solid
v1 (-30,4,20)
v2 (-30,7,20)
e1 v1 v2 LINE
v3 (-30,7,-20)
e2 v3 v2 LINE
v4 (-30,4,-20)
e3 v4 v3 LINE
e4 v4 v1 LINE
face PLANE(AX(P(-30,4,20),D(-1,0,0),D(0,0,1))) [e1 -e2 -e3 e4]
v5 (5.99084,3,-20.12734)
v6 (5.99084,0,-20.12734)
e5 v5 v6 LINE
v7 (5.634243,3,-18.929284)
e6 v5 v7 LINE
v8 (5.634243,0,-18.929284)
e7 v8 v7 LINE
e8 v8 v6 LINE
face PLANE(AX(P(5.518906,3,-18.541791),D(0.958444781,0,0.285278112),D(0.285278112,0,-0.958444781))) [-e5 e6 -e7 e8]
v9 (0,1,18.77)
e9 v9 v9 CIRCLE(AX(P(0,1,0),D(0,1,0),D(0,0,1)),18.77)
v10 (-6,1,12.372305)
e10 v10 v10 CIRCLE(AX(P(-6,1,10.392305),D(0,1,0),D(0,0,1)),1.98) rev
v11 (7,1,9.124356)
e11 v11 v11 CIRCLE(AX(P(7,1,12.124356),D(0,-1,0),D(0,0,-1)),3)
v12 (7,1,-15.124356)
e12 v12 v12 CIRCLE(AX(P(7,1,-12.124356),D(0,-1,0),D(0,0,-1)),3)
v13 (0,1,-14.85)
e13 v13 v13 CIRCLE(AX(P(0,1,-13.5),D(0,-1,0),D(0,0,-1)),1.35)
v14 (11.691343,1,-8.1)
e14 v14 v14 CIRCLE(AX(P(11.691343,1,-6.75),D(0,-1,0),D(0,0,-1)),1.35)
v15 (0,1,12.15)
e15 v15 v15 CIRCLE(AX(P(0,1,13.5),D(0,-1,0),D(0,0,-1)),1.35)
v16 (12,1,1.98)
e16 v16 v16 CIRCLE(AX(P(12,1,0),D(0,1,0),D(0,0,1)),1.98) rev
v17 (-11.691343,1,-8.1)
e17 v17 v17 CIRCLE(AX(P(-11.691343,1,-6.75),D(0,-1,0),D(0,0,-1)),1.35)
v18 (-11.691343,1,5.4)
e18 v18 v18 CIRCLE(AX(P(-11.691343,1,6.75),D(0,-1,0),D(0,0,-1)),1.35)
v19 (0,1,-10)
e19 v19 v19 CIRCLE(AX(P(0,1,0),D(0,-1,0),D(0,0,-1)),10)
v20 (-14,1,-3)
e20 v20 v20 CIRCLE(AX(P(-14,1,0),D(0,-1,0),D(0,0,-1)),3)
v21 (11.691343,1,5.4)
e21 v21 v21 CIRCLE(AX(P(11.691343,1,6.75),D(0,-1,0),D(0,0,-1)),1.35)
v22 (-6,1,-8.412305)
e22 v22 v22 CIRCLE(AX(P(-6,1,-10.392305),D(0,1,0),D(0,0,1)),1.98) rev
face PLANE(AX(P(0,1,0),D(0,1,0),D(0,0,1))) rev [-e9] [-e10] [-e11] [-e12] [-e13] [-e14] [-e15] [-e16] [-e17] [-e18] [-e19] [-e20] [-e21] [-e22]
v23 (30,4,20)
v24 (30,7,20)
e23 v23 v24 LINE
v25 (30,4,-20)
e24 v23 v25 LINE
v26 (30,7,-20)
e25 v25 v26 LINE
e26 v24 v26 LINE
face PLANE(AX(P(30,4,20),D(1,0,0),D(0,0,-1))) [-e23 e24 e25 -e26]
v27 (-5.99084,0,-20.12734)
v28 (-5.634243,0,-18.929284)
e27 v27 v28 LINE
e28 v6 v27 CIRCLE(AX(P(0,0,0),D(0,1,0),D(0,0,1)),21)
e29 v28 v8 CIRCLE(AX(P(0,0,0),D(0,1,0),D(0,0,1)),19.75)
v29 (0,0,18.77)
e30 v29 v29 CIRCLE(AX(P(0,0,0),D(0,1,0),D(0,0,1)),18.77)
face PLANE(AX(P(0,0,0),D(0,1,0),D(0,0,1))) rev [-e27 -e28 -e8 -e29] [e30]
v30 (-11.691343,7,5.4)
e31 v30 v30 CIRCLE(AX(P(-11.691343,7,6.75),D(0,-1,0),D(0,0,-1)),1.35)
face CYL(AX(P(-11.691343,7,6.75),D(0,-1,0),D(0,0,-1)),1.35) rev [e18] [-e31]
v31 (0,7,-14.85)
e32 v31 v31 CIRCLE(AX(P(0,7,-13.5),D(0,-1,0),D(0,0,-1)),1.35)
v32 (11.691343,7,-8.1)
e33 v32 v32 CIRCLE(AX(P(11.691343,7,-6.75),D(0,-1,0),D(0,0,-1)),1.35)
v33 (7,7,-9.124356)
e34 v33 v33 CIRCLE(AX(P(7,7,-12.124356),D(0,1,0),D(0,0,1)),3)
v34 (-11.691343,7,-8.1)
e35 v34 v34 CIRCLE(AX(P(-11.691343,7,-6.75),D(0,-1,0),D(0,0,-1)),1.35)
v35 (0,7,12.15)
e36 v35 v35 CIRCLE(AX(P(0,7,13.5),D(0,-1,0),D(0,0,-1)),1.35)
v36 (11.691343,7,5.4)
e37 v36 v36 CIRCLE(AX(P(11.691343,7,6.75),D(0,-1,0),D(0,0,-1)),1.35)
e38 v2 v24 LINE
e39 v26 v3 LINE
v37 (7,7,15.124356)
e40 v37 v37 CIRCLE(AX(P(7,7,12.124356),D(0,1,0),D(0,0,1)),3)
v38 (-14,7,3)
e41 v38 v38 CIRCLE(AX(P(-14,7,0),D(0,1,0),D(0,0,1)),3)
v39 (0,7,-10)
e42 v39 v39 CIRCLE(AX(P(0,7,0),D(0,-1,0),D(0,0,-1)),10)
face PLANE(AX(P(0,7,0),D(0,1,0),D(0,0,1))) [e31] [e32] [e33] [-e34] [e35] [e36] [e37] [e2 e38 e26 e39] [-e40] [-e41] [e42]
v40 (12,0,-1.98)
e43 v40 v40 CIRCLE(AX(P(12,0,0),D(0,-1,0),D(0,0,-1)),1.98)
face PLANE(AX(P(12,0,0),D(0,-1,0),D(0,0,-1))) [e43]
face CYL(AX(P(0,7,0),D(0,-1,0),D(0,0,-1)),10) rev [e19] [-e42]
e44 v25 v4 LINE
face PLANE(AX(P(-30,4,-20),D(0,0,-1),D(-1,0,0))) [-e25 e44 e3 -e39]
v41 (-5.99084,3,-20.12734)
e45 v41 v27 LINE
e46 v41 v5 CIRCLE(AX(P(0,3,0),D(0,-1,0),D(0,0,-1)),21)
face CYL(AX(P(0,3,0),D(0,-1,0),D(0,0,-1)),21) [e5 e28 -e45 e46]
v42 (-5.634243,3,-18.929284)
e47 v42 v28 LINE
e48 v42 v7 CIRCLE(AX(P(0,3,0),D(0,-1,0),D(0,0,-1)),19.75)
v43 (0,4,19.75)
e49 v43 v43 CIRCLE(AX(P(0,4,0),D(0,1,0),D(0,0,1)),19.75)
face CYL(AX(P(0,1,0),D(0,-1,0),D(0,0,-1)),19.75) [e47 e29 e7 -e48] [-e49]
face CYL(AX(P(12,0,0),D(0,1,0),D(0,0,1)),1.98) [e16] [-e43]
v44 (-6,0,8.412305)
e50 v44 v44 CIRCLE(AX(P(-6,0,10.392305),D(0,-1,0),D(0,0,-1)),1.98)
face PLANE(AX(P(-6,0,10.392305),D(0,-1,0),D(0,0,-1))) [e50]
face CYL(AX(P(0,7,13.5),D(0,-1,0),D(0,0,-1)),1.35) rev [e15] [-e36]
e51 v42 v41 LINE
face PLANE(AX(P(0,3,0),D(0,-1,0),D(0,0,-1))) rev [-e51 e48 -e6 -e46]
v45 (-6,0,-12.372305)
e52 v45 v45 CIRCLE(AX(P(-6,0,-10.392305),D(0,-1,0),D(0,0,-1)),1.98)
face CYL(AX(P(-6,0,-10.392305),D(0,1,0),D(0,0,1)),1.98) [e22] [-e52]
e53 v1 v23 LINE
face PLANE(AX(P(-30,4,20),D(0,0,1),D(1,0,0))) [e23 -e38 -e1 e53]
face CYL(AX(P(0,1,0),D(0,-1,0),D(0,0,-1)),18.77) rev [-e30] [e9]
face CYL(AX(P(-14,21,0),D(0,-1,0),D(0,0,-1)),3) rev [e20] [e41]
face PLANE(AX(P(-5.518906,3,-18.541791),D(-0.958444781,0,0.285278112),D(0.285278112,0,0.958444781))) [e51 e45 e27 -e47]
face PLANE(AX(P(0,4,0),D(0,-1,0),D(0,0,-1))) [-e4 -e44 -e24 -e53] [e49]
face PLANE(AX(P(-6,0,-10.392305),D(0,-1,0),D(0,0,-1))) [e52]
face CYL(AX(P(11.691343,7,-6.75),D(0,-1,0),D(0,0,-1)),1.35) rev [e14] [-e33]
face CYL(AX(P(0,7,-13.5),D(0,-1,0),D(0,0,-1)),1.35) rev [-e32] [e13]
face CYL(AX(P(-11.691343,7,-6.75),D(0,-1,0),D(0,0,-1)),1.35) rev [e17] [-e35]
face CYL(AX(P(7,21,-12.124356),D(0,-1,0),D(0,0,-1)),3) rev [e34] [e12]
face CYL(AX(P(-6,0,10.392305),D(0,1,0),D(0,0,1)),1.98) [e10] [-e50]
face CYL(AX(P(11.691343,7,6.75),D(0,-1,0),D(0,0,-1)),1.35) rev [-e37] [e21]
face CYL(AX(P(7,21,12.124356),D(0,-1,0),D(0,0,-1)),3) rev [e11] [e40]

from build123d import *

# Parameters (mm, degrees)
SKETCH_1_R           = 19.75
SKETCH_1_R_2         = 18.77
EXTRUDE_1_DEPTH      = 1
SKETCH_2_R           = 19.75
EXTRUDE_2_DEPTH      = 6
SKETCH_5_R           = 1.35
SKETCH_5_R_2         = 10
CUT_EXTRUDE_2_DEPTH  = 29.567901568
SKETCH_6_R           = 1.98
EXTRUDE_4_DEPTH      = 1
EXTRUDE_START        = -3
SKETCH_11_W          = 60
SKETCH_11_H          = 40
SKETCH_11_R          = 19.75
EXTRUDE_6_DEPTH      = 3
SKETCH_7_R           = 3
CUT_EXTRUDE_7_DEPTH  = 20
EXTRUDE_7_DEPTH      = 1
EXTRUDE_7_DEPTH_BACK = 2


with BuildPart() as part:
    # 草图1 → 凸台-拉伸1 (new body)
    with BuildSketch(Plane(origin=(0, 0, 0), x_dir=(1, 0, 0), z_dir=(0, 1, 0))):
        with Locations(Location((0, 0, 0), (0, 0, 270))):
            Circle(SKETCH_1_R)
        with Locations(Location((0, 0, 0), (0, 0, 270))):
            Circle(SKETCH_1_R_2, mode=Mode.SUBTRACT)
    extrude(amount=EXTRUDE_1_DEPTH)

    # 草图2 → 凸台-拉伸2 (add)
    with BuildSketch(Plane(origin=(0, 1, 0), x_dir=(1, 0, 0), z_dir=(0, 1, 0))):
        with Locations(Location((0, 0, 0), (0, 0, 270))):
            Circle(SKETCH_2_R)
    extrude(amount=EXTRUDE_2_DEPTH)

    # 草图5 → 切除-拉伸2 (cut, through all)
    with BuildSketch(Plane.XZ.offset(-1)):
        with Locations(Location((0, 13.5, 0), (0, 0, 270))):
            Circle(SKETCH_5_R)
        with Locations(Location((11.691342951, 6.75, 0), (0, 0, 270))):
            Circle(SKETCH_5_R)
        with Locations(Location((11.691342951, -6.75, 0), (0, 0, 270))):
            Circle(SKETCH_5_R)
        with Locations(Location((0, -13.5, 0), (0, 0, 270))):
            Circle(SKETCH_5_R)
        with Locations(Location((-11.691342951, -6.75, 0), (0, 0, 270))):
            Circle(SKETCH_5_R)
        with Locations(Location((-11.691342951, 6.75, 0), (0, 0, 270))):
            Circle(SKETCH_5_R)
        with Locations(Location((0, 0, 0), (0, 0, 270))):
            Circle(SKETCH_5_R_2)
    extrude(amount=-CUT_EXTRUDE_2_DEPTH, mode=Mode.SUBTRACT)

    # 草图6 → 凸台-拉伸4 (add)
    with BuildSketch(Plane.XZ.offset(-1)):
        with Locations(Location((12, 0, 0), (0, 0, 90))):
            Circle(SKETCH_6_R)
        with Locations(Location((-6, -10.392304845, 0), (0, 0, 90))):
            Circle(SKETCH_6_R)
        with Locations(Location((-6, 10.392304845, 0), (0, 0, 90))):
            Circle(SKETCH_6_R)
    extrude(amount=EXTRUDE_4_DEPTH)

    # 草图11 → 凸台-拉伸6 (add)
    with BuildSketch(Plane(origin=(0, 7, 0), x_dir=(1, 0, 0), z_dir=(0, 1, 0)).offset(EXTRUDE_START)):
        Rectangle(SKETCH_11_W, SKETCH_11_H)
        with Locations(Location((0, 0, 0), (0, 0, 270))):
            Circle(SKETCH_11_R, mode=Mode.SUBTRACT)
    extrude(amount=EXTRUDE_6_DEPTH)

    # 草图7 → 切除-拉伸7 (cut)
    with BuildSketch(Plane.XZ.offset(-1)):
        with Locations(Location((-14, 0, 0), (0, 0, 270))):
            Circle(SKETCH_7_R)
        with Locations(Location((7, 12.124355653, 0), (0, 0, 270))):
            Circle(SKETCH_7_R)
        with Locations(Location((7, -12.124355653, 0), (0, 0, 270))):
            Circle(SKETCH_7_R)
    extrude(amount=-CUT_EXTRUDE_7_DEPTH, mode=Mode.SUBTRACT)

    # 草图15 → 凸台-拉伸7 (add, two sides: drawn at the far end of the back side and taken through both)
    with BuildSketch(Plane(origin=(0, 1, 0), x_dir=(-1, 0, 0), z_dir=(0, -1, 0)).offset(-EXTRUDE_7_DEPTH_BACK)):
        with BuildLine():
            Line((-5.518906371, 18.541790589), (-5.99084035, 20.127340408))
            ThreePointArc((-5.99084035, 20.127340408), (0, 21), (5.99084035, 20.127340408))
            Line((5.99084035, 20.127340408), (5.518906371, 18.541790589))
            ThreePointArc((5.518906371, 18.541790589), (0, 19.345705616), (-5.518906371, 18.541790589))
        make_face()
    extrude(amount=EXTRUDE_7_DEPTH + EXTRUDE_7_DEPTH_BACK)


solid = part.part
